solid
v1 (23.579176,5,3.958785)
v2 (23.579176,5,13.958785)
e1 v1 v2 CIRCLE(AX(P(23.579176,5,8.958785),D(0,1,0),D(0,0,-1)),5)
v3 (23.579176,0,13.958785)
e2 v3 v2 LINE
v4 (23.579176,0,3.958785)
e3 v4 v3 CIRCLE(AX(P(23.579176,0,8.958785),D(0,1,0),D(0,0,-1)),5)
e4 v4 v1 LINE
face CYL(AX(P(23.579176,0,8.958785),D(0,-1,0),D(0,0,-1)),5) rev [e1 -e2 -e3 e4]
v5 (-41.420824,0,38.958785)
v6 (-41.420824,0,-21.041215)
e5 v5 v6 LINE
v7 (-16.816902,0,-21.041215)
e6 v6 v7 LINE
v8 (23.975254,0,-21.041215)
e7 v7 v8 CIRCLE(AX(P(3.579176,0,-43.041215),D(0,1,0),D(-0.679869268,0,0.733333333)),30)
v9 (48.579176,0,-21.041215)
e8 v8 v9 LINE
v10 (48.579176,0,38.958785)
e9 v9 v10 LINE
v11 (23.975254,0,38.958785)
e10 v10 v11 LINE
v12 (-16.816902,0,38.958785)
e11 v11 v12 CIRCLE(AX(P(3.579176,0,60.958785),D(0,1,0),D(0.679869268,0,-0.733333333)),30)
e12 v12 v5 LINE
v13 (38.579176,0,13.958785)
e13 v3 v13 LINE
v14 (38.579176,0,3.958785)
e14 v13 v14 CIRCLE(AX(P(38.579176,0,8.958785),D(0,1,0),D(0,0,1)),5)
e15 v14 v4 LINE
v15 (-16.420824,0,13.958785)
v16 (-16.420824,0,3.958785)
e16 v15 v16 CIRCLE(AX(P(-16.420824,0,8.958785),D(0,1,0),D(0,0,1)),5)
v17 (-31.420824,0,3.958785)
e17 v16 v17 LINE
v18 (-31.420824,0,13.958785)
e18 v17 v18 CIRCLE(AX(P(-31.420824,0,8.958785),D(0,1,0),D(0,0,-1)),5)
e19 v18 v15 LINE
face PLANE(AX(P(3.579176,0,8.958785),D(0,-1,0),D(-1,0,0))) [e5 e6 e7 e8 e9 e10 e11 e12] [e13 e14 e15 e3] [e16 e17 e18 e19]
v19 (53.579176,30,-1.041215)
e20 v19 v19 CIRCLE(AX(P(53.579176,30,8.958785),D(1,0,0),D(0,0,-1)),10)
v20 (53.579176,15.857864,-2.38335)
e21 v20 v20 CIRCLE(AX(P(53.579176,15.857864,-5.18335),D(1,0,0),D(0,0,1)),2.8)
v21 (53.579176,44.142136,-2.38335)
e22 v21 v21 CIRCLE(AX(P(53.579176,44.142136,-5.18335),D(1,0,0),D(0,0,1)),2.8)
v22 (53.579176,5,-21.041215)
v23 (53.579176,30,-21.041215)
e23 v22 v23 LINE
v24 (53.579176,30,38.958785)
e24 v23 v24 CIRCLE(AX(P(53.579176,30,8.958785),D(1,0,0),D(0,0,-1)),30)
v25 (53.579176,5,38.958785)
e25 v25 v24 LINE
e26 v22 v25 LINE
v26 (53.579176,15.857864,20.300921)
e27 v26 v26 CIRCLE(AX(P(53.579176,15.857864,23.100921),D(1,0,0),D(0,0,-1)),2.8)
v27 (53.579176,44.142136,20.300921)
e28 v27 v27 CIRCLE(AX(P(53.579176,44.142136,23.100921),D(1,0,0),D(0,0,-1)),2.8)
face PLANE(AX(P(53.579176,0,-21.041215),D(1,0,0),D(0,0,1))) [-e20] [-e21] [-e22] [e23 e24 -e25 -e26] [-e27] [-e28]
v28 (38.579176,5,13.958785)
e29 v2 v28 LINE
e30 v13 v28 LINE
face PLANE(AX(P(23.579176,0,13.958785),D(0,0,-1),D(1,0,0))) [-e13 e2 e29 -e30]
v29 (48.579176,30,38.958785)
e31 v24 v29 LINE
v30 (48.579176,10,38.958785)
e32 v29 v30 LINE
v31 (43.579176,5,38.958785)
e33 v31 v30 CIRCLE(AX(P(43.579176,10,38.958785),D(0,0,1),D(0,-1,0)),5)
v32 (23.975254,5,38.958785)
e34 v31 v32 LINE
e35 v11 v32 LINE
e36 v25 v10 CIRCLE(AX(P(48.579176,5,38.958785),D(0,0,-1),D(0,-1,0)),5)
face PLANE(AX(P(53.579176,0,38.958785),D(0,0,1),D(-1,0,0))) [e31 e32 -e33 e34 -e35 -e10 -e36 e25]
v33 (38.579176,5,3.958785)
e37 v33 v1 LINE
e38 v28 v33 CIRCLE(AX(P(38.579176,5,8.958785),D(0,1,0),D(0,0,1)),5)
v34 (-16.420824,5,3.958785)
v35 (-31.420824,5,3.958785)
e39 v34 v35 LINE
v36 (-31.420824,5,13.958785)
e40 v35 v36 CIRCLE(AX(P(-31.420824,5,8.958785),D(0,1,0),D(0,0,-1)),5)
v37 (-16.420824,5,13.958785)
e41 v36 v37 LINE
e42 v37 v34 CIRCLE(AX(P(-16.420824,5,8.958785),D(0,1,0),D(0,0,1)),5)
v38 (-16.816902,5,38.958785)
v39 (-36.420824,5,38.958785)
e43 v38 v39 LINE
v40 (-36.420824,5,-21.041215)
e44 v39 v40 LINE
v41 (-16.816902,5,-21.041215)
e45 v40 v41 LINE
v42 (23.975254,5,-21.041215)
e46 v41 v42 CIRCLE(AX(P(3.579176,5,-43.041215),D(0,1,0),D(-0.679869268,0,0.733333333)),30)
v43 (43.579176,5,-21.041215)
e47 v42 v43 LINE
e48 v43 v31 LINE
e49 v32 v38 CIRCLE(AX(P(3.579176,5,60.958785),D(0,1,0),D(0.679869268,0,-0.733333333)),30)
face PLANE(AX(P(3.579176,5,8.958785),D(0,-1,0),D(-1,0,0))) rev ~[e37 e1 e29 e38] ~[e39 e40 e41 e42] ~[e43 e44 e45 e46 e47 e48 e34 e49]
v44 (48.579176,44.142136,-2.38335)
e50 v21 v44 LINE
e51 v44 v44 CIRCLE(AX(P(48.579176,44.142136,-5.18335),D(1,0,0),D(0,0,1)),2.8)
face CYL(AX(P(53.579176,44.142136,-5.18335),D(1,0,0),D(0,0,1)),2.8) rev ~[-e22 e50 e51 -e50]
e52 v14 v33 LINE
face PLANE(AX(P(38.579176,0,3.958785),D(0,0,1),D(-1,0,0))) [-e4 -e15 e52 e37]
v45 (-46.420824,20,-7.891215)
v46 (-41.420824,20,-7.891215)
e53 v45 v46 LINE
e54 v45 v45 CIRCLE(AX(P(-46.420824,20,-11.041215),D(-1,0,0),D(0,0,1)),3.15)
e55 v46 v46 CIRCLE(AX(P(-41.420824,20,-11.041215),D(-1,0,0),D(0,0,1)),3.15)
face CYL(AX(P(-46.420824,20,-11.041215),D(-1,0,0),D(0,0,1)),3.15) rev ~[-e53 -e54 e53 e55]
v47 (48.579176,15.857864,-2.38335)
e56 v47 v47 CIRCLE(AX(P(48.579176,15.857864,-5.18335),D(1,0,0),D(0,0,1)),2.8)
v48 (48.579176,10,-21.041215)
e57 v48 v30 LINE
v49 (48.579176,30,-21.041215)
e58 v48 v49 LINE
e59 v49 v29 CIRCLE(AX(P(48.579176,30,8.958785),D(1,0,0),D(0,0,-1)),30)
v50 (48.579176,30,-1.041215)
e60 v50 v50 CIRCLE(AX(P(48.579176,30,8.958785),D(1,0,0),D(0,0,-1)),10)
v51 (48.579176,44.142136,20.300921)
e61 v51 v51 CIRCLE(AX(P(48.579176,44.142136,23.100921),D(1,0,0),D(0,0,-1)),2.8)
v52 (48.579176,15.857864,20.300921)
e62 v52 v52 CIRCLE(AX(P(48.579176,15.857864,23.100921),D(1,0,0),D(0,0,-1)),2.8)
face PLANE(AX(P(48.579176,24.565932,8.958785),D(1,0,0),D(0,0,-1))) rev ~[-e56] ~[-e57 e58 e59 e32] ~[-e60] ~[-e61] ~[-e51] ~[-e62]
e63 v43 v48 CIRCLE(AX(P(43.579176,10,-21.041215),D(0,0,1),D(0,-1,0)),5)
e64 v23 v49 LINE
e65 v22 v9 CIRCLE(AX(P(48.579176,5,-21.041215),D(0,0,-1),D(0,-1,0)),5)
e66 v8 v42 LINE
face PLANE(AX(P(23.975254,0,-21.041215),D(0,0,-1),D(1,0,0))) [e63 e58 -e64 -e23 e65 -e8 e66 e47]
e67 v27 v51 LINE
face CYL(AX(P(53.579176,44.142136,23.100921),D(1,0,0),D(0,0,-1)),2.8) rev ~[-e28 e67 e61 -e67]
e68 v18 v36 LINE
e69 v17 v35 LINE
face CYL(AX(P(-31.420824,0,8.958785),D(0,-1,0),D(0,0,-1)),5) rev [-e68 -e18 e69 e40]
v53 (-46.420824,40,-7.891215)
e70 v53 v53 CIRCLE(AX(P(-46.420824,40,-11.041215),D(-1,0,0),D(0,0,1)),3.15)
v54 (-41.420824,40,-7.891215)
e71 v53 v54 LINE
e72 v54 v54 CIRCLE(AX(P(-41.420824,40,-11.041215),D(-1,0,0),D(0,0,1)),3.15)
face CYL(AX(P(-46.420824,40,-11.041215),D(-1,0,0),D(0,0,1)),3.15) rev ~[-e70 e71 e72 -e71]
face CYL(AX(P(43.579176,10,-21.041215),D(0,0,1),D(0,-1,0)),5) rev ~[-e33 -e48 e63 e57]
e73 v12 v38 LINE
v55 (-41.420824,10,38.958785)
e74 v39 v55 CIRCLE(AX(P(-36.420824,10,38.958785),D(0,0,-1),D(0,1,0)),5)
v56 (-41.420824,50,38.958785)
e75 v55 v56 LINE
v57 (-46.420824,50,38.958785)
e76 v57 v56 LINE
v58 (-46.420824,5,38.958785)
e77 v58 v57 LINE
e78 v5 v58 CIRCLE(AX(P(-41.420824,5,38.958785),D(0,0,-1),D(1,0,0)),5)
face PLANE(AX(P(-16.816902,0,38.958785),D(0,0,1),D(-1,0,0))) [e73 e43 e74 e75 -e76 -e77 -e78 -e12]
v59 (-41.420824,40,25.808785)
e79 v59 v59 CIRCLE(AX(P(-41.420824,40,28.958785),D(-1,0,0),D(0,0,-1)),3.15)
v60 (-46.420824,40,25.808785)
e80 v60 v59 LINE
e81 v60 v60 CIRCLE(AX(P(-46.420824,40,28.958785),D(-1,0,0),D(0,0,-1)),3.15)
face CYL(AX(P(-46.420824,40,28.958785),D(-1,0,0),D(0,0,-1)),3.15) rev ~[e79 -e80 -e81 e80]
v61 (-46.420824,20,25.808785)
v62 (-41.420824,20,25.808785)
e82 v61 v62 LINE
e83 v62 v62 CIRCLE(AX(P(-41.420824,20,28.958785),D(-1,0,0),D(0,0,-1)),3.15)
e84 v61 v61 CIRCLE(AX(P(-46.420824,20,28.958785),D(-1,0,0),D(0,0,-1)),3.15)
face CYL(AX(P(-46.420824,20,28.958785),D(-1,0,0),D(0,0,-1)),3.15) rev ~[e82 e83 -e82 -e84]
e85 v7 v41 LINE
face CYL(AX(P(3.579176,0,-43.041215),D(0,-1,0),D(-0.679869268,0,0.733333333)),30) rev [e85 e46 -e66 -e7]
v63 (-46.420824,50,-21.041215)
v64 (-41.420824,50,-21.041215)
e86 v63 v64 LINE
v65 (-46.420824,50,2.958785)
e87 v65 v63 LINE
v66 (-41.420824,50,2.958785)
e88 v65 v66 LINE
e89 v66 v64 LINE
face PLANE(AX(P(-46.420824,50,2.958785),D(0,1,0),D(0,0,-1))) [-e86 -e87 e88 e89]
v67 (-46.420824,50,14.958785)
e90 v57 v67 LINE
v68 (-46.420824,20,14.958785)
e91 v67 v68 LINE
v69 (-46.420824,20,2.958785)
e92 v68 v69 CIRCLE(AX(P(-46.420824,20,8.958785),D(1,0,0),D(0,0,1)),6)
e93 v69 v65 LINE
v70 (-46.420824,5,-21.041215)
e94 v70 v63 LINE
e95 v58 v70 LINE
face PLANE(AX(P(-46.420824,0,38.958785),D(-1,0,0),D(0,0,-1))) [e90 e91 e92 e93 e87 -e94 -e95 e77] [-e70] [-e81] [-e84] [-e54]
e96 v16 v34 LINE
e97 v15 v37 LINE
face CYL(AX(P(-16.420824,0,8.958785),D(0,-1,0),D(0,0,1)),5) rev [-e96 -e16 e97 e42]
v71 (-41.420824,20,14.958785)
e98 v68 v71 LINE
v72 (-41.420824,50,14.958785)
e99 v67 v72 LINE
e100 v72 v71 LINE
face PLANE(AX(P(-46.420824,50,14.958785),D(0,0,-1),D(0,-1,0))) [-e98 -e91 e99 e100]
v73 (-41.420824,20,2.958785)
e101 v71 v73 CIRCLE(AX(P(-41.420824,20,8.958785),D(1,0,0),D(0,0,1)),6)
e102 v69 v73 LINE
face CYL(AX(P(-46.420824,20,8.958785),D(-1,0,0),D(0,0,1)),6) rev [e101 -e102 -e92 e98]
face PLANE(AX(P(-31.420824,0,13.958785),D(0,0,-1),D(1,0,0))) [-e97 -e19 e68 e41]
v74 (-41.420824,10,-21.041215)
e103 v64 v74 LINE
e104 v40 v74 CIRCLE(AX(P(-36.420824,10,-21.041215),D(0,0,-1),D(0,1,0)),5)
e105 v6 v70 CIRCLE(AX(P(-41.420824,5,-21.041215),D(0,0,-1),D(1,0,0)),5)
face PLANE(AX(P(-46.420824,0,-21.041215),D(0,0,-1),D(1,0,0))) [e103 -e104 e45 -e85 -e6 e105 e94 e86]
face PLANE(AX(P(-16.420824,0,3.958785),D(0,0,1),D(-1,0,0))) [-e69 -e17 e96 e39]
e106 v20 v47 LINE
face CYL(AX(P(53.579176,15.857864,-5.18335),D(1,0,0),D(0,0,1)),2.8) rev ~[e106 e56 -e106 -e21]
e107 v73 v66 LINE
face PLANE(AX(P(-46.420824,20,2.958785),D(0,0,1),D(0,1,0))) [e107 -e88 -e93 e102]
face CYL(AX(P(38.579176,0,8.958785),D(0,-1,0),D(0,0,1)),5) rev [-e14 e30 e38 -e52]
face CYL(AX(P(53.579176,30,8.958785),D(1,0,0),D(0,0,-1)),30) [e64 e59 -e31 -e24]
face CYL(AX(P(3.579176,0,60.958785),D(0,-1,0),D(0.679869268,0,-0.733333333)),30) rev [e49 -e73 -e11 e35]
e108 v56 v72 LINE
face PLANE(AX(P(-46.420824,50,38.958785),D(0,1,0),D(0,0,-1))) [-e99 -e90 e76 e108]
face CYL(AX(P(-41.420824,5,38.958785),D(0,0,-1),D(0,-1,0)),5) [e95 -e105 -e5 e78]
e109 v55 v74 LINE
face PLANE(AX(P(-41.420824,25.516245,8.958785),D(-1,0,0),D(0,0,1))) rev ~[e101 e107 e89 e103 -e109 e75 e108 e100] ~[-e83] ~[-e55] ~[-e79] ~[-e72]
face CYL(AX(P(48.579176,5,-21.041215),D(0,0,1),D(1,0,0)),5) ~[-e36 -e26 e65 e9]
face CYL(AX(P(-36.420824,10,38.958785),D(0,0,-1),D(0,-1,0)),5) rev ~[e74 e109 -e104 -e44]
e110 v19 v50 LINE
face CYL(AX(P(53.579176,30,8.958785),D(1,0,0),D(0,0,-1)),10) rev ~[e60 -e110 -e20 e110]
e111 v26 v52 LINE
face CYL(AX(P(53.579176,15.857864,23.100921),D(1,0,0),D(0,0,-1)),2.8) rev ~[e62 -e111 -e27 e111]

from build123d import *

# Parameters (mm, degrees)
SALIENTE_EXTRUIR1_DEPTH = 5
CROQUIS2_R              = 10.000000000000002
CROQUIS2_R_2            = 2.7999999999999976
CROQUIS2_R_3            = 2.800000000000002
SALIENTE_EXTRUIR2_DEPTH = 5
CROQUIS3_R              = 3.149999999999999
CROQUIS3_R_2            = 3.1499999999999972
SALIENTE_EXTRUIR3_DEPTH = 5
REDONDEO1_R             = 5
REDONDEO2_R             = 5
REDONDEO3_R             = 5
REDONDEO4_R             = 5


with BuildPart() as part:
    # Croquis1 → Saliente-Extruir1 (new body)
    with BuildSketch(Plane(origin=(0, 0, 0), x_dir=(1, 0, 0), z_dir=(0, 1, 0))):
        with BuildLine():
            Line((-46.42082429501085, 21.041214750542295), (-16.81690234938199, 21.041214750542295))
            ThreePointArc((-16.81690234938199, 21.041214750542295), (3.579175704989149, 13.041214750542295), (23.975253759360285, 21.041214750542295))
            Line((23.975253759360285, 21.041214750542295), (53.57917570498915, 21.041214750542295))
            Line((53.57917570498915, 21.041214750542295), (53.57917570498915, -38.9587852494577))
            Line((53.57917570498915, -38.9587852494577), (23.975253759360285, -38.9587852494577))
            ThreePointArc((23.975253759360285, -38.9587852494577), (3.579175704989149, -30.958785249457698), (-16.81690234938199, -38.9587852494577))
            Line((-16.81690234938199, -38.9587852494577), (-46.420824295010846, -38.9587852494577))
            Line((-46.420824295010846, -38.9587852494577), (-46.42082429501085, 21.041214750542295))
        make_face()
        with BuildLine():
            Line((-16.42082429501085, -3.958785249457704), (-31.42082429501085, -3.9587852494577107))
            ThreePointArc((-31.42082429501085, -3.9587852494577107), (-36.420824295010846, -8.958785249457705), (-31.42082429501085, -13.9587852494577))
            Line((-31.42082429501085, -13.9587852494577), (-16.42082429501085, -13.958785249457705))
            ThreePointArc((-16.42082429501085, -13.958785249457705), (-11.42082429501085, -8.958785249457705), (-16.42082429501085, -3.958785249457704))
        make_face(mode=Mode.SUBTRACT)
        with BuildLine():
            Line((23.579175704989144, -13.958785249457705), (38.57917570498914, -13.9587852494577))
            ThreePointArc((38.57917570498914, -13.9587852494577), (43.57917570498913, -8.958785249457705), (38.57917570498914, -3.9587852494577107))
            Line((38.57917570498914, -3.9587852494577107), (23.579175704989144, -3.958785249457704))
            ThreePointArc((23.579175704989144, -3.958785249457704), (18.579175704989144, -8.958785249457705), (23.579175704989144, -13.958785249457705))
        make_face(mode=Mode.SUBTRACT)
    extrude(amount=SALIENTE_EXTRUIR1_DEPTH)

    # Croquis2 → Saliente-Extruir2 (add)
    with BuildSketch(Plane(origin=(53.57917570498915, 0, 0), x_dir=(0, 0, -1), z_dir=(1, 0, 0))):
        with BuildLine():
            Line((-38.9587852494577, 0), (21.0412147505423, 0))
            Line((21.0412147505423, 0), (21.0412147505423, 30))
            ThreePointArc((21.0412147505423, 30), (-8.9587852494577, 60), (-38.9587852494577, 30))
            Line((-38.9587852494577, 30), (-38.9587852494577, 0))
        make_face()
        with Locations((-8.958785249457701, 30)):
            Circle(CROQUIS2_R, mode=Mode.SUBTRACT)
        with Locations((-23.10092087318865, 44.14213562373096)):
            Circle(CROQUIS2_R_2, mode=Mode.SUBTRACT)
        with Locations((-23.100920873188652, 15.85786437626905)):
            Circle(CROQUIS2_R_3, mode=Mode.SUBTRACT)
        with Locations(Location((5.183350374273251, 15.85786437626905, 0), (0, 0, 180))):
            Circle(CROQUIS2_R_3, mode=Mode.SUBTRACT)
        with Locations(Location((5.183350374273248, 44.14213562373096, 0), (0, 0, 180))):
            Circle(CROQUIS2_R_2, mode=Mode.SUBTRACT)
    extrude(amount=-SALIENTE_EXTRUIR2_DEPTH)

    # Croquis3 → Saliente-Extruir3 (add)
    with BuildSketch(Plane.ZY.offset(46.42082429501085)):
        with BuildLine():
            Line((-21.041214750542302, 0), (38.9587852494577, 0))
            Line((38.9587852494577, 0), (38.9587852494577, 50))
            Line((38.9587852494577, 50), (14.958785249457705, 50))
            Line((14.958785249457705, 50), (14.958785249457707, 20.000000000000004))
            ThreePointArc((14.958785249457707, 20.000000000000004), (8.958785249457703, 14.000000000000004), (2.958785249457704, 20.000000000000004))
            Line((2.958785249457704, 20.000000000000004), (2.9587852494577036, 50))
            Line((2.9587852494577036, 50), (-21.041214750542302, 50))
            Line((-21.041214750542302, 50), (-21.041214750542302, 0))
        make_face()
        with Locations((-11.041214750542295, 19.999999999999996)):
            Circle(CROQUIS3_R, mode=Mode.SUBTRACT)
        with Locations((-11.041214750542295, 39.99999999999999)):
            Circle(CROQUIS3_R, mode=Mode.SUBTRACT)
        with Locations(Location((28.958785249457705, 20.000000000000004, 0), (0, 0, 180))):
            Circle(CROQUIS3_R, mode=Mode.SUBTRACT)
        with Locations(Location((28.958785249457698, 40.00000000000001, 0), (0, 0, 180))):
            Circle(CROQUIS3_R_2, mode=Mode.SUBTRACT)
    extrude(amount=-SALIENTE_EXTRUIR3_DEPTH)

    # Redondeo1
    redondeo1_edges = [part.edges().sort_by_distance(p)[0] for p in [
        (-41.42082429501085, 5, 8.9587852494577),
    ]]
    fillet(redondeo1_edges, radius=REDONDEO1_R)

    # Redondeo2
    redondeo2_edges = [part.edges().sort_by_distance(p)[0] for p in [
        (48.57917570498915, 5, 8.958785249457703),
    ]]
    fillet(redondeo2_edges, radius=REDONDEO2_R)

    # Redondeo3
    redondeo3_edges = [part.edges().sort_by_distance(p)[0] for p in [
        (53.57917570498915, 0, 8.958785249457701),
    ]]
    fillet(redondeo3_edges, radius=REDONDEO3_R)

    # Redondeo4
    redondeo4_edges = [part.edges().sort_by_distance(p)[0] for p in [
        (-46.420824295010846, 0, 8.958785249457701),
    ]]
    fillet(redondeo4_edges, radius=REDONDEO4_R)


solid = part.part
